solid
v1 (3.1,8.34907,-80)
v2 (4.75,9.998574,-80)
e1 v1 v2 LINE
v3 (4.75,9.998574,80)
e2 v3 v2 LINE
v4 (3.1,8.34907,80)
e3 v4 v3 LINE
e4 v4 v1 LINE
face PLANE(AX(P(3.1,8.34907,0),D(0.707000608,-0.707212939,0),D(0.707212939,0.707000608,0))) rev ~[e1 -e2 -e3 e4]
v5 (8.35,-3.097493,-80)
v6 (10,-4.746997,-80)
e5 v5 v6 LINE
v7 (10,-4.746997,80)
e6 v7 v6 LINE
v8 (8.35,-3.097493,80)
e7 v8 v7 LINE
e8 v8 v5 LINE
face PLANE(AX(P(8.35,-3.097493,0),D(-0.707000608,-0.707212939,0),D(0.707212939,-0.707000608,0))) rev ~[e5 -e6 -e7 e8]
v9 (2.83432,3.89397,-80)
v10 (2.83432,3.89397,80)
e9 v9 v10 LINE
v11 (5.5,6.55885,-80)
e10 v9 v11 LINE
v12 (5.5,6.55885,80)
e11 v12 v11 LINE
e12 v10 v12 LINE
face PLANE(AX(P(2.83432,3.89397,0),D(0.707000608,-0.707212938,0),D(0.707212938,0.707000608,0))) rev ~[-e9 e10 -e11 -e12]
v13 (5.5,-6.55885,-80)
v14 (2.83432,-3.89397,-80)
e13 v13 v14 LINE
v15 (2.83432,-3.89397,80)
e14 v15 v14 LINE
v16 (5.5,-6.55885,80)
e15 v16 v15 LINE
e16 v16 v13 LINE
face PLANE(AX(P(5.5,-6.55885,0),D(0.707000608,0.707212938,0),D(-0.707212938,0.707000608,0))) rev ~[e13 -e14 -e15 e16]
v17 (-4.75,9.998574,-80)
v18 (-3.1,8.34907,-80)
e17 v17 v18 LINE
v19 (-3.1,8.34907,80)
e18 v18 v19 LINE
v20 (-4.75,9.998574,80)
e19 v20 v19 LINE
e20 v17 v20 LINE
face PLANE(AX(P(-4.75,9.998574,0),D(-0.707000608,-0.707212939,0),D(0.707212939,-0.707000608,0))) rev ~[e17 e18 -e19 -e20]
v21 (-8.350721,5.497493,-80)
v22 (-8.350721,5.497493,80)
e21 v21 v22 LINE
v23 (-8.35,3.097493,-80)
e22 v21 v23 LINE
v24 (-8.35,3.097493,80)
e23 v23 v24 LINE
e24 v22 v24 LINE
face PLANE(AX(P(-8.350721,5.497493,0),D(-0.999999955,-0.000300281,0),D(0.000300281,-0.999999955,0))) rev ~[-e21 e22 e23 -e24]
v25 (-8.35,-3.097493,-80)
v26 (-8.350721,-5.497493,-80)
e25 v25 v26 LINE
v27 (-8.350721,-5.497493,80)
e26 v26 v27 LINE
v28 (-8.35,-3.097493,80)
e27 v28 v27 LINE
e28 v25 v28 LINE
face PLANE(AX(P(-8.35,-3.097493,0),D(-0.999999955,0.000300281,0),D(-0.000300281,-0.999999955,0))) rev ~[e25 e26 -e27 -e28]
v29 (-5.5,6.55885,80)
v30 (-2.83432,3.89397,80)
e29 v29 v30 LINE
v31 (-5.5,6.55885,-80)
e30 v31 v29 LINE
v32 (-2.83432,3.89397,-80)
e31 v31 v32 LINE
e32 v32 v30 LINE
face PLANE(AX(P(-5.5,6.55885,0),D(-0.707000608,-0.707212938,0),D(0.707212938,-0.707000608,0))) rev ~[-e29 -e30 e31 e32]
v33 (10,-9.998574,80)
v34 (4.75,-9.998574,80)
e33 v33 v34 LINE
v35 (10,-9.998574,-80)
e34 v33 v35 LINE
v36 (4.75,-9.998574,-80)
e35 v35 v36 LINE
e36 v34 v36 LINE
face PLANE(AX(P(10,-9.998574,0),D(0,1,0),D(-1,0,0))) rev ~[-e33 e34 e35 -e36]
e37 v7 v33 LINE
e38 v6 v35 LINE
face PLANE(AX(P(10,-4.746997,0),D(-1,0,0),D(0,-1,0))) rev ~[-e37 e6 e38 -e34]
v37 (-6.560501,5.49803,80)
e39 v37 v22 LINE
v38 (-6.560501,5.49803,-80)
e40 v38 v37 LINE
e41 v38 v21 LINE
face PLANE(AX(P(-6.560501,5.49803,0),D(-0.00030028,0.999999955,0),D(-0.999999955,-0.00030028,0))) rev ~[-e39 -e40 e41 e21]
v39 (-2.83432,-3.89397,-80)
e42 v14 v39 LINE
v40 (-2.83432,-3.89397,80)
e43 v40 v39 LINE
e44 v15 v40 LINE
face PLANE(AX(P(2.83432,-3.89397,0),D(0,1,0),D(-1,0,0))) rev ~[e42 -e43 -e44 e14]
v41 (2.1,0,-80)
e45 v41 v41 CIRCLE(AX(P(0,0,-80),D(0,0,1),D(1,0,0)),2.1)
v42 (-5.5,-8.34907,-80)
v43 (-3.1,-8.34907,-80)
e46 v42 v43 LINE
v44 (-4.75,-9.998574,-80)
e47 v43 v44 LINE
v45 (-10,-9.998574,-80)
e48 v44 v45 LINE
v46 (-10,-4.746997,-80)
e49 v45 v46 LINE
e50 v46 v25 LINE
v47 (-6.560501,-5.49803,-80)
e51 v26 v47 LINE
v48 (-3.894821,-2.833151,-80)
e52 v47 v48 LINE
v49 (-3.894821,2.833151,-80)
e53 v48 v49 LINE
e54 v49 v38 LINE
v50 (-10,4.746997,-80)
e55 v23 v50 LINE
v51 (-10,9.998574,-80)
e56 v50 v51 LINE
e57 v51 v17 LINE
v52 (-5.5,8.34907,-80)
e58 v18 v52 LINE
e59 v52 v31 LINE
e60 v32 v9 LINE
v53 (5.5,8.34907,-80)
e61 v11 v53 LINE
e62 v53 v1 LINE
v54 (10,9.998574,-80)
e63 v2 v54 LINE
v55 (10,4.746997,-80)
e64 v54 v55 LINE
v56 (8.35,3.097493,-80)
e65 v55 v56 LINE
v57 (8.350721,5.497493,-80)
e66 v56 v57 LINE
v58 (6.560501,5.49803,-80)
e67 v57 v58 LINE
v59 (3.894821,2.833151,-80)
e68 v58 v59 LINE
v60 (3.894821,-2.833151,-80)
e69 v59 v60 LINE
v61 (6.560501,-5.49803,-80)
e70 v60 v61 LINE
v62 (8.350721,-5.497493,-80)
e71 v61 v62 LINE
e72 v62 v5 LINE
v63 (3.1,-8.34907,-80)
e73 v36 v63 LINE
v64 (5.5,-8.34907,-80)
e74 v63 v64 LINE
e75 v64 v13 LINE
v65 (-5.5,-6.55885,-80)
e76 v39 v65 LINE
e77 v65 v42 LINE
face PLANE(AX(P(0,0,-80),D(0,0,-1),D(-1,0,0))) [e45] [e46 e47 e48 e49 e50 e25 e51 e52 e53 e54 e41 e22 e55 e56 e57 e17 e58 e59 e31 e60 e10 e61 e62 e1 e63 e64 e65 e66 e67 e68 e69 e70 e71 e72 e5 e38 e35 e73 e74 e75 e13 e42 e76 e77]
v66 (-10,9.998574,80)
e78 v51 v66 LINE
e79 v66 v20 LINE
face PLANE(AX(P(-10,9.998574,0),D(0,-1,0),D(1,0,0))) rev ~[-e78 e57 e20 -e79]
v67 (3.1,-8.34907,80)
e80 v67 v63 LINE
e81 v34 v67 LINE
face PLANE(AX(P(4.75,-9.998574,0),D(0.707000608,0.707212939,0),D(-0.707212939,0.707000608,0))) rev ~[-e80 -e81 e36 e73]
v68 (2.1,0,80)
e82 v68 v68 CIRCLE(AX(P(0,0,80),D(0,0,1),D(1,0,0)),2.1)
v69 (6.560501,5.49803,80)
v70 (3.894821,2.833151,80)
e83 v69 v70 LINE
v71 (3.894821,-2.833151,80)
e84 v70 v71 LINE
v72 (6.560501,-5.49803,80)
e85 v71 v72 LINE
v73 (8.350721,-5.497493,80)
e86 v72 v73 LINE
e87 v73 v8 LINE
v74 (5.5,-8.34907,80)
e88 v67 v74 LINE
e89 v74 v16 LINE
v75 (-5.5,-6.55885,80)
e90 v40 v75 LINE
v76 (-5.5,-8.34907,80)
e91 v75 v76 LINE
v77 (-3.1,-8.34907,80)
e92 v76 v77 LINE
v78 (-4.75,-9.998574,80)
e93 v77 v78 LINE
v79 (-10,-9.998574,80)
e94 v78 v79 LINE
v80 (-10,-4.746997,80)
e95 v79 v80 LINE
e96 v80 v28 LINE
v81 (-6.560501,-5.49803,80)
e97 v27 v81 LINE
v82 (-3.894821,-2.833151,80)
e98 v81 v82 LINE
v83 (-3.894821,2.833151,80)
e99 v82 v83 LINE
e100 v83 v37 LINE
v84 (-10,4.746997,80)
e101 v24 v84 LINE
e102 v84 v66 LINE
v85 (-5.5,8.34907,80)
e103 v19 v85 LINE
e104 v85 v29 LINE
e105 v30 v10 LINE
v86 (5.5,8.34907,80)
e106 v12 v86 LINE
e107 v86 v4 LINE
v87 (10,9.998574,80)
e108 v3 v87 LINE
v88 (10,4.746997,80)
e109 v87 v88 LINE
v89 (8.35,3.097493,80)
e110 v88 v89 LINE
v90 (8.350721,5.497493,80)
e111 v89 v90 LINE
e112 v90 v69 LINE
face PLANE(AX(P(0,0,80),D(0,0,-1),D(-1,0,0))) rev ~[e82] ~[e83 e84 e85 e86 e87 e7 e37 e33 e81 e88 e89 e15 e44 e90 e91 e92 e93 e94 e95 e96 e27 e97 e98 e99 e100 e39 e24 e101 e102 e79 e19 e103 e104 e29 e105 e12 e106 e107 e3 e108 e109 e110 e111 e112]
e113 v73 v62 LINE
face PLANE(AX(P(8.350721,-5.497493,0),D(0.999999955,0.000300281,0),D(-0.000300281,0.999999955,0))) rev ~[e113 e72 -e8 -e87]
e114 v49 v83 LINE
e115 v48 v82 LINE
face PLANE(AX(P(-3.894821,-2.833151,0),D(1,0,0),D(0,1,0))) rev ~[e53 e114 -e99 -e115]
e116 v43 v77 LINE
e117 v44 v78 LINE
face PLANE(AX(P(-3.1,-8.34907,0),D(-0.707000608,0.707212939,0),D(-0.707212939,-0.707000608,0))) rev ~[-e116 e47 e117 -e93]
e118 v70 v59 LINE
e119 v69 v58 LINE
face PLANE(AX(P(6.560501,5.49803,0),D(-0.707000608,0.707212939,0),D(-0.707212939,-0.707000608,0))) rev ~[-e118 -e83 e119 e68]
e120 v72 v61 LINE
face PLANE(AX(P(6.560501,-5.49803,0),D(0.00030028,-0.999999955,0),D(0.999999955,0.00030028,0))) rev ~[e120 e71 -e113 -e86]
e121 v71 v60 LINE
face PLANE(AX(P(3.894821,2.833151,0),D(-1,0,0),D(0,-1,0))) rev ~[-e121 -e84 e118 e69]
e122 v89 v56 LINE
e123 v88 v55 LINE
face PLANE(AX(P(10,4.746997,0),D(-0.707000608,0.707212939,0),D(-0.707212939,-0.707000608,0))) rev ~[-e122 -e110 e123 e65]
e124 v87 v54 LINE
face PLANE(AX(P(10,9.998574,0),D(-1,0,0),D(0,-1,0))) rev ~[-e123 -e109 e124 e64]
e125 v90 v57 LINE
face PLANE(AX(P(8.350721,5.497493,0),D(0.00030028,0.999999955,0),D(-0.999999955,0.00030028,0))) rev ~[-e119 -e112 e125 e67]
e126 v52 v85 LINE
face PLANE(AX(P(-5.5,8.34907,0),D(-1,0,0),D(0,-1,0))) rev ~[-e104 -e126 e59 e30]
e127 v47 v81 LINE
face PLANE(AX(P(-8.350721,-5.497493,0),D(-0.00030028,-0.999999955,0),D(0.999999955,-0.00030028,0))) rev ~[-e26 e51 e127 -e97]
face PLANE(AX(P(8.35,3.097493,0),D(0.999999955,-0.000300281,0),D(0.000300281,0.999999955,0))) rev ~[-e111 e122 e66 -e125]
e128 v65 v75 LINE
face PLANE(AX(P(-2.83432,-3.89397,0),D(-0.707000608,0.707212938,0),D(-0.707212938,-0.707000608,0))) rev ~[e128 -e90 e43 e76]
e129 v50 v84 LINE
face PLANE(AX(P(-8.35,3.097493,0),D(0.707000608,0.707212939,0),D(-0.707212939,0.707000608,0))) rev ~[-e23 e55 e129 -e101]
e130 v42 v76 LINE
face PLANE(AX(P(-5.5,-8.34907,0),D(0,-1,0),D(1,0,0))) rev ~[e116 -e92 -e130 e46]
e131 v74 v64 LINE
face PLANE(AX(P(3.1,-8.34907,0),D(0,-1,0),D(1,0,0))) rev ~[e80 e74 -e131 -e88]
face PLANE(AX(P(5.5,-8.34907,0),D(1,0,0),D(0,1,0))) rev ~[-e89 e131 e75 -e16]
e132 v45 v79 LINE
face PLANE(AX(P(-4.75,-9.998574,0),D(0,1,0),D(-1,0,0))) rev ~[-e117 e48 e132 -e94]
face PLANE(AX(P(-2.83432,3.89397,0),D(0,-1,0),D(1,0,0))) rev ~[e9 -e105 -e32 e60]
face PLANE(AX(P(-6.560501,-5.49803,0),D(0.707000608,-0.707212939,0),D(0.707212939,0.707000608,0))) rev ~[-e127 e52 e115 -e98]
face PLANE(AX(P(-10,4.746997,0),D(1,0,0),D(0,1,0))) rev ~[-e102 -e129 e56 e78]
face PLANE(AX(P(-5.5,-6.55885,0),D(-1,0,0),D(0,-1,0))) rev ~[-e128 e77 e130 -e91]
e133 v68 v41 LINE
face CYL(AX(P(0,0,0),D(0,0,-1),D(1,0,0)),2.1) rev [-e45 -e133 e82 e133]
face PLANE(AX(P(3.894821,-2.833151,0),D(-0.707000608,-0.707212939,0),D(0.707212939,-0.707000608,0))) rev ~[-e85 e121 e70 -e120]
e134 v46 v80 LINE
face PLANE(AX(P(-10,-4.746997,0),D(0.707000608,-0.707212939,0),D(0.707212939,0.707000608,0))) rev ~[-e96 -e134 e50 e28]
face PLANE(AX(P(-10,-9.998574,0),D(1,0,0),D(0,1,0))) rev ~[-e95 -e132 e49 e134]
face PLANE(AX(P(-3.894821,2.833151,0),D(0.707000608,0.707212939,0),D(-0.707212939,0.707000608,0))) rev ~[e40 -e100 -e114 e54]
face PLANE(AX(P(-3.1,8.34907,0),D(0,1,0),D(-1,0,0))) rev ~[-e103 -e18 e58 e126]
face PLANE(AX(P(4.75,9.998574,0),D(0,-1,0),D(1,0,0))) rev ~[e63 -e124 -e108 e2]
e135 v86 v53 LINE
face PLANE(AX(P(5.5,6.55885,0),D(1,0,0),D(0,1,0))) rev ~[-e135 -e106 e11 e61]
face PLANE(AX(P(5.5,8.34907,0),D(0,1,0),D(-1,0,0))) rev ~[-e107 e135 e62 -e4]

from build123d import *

# Parameters (mm, degrees)
SKETCH1_R           = 2.1
BOSS_EXTRUDE1_DEPTH = 80


with BuildPart() as part:
    # Sketch1 → Boss-Extrude1 (new, symmetric)
    with BuildSketch(Plane.XY):
        Polygon((2.834320347, 3.893970342), (5.5, 6.558849663), (5.5, 8.349069506), (3.1, 8.349069506), (4.75, 9.998574117), (10, 9.998574117), (10, 4.746997406), (8.35, 3.097492795), (8.350720674, 5.497492687), (6.560500912, 5.498030255), (3.894821259, 2.833150935), (3.894821259, -2.833150935), (6.560500912, -5.498030255), (8.350720674, -5.497492687), (8.35, -3.097492795), (10, -4.746997406), (10, -9.998574117), (4.75, -9.998574117), (3.1, -8.349069506), (5.5, -8.349069506), (5.5, -6.558849663), (2.834320347, -3.893970342), (-2.834320347, -3.893970342), (-5.5, -6.558849663), (-5.5, -8.349069506), (-3.1, -8.349069506), (-4.75, -9.998574117), (-10, -9.998574117), (-10, -4.746997406), (-8.35, -3.097492795), (-8.350720674, -5.497492687), (-6.560500912, -5.498030255), (-3.894821259, -2.833150935), (-3.894821259, 2.833150935), (-6.560500912, 5.498030255), (-8.350720674, 5.497492687), (-8.35, 3.097492795), (-10, 4.746997406), (-10, 9.998574117), (-4.75, 9.998574117), (-3.1, 8.349069506), (-5.5, 8.349069506), (-5.5, 6.558849663), (-2.834320347, 3.893970342), align=None)
        Circle(SKETCH1_R, mode=Mode.SUBTRACT)
    extrude(amount=BOSS_EXTRUDE1_DEPTH, both=True)


solid = part.part
